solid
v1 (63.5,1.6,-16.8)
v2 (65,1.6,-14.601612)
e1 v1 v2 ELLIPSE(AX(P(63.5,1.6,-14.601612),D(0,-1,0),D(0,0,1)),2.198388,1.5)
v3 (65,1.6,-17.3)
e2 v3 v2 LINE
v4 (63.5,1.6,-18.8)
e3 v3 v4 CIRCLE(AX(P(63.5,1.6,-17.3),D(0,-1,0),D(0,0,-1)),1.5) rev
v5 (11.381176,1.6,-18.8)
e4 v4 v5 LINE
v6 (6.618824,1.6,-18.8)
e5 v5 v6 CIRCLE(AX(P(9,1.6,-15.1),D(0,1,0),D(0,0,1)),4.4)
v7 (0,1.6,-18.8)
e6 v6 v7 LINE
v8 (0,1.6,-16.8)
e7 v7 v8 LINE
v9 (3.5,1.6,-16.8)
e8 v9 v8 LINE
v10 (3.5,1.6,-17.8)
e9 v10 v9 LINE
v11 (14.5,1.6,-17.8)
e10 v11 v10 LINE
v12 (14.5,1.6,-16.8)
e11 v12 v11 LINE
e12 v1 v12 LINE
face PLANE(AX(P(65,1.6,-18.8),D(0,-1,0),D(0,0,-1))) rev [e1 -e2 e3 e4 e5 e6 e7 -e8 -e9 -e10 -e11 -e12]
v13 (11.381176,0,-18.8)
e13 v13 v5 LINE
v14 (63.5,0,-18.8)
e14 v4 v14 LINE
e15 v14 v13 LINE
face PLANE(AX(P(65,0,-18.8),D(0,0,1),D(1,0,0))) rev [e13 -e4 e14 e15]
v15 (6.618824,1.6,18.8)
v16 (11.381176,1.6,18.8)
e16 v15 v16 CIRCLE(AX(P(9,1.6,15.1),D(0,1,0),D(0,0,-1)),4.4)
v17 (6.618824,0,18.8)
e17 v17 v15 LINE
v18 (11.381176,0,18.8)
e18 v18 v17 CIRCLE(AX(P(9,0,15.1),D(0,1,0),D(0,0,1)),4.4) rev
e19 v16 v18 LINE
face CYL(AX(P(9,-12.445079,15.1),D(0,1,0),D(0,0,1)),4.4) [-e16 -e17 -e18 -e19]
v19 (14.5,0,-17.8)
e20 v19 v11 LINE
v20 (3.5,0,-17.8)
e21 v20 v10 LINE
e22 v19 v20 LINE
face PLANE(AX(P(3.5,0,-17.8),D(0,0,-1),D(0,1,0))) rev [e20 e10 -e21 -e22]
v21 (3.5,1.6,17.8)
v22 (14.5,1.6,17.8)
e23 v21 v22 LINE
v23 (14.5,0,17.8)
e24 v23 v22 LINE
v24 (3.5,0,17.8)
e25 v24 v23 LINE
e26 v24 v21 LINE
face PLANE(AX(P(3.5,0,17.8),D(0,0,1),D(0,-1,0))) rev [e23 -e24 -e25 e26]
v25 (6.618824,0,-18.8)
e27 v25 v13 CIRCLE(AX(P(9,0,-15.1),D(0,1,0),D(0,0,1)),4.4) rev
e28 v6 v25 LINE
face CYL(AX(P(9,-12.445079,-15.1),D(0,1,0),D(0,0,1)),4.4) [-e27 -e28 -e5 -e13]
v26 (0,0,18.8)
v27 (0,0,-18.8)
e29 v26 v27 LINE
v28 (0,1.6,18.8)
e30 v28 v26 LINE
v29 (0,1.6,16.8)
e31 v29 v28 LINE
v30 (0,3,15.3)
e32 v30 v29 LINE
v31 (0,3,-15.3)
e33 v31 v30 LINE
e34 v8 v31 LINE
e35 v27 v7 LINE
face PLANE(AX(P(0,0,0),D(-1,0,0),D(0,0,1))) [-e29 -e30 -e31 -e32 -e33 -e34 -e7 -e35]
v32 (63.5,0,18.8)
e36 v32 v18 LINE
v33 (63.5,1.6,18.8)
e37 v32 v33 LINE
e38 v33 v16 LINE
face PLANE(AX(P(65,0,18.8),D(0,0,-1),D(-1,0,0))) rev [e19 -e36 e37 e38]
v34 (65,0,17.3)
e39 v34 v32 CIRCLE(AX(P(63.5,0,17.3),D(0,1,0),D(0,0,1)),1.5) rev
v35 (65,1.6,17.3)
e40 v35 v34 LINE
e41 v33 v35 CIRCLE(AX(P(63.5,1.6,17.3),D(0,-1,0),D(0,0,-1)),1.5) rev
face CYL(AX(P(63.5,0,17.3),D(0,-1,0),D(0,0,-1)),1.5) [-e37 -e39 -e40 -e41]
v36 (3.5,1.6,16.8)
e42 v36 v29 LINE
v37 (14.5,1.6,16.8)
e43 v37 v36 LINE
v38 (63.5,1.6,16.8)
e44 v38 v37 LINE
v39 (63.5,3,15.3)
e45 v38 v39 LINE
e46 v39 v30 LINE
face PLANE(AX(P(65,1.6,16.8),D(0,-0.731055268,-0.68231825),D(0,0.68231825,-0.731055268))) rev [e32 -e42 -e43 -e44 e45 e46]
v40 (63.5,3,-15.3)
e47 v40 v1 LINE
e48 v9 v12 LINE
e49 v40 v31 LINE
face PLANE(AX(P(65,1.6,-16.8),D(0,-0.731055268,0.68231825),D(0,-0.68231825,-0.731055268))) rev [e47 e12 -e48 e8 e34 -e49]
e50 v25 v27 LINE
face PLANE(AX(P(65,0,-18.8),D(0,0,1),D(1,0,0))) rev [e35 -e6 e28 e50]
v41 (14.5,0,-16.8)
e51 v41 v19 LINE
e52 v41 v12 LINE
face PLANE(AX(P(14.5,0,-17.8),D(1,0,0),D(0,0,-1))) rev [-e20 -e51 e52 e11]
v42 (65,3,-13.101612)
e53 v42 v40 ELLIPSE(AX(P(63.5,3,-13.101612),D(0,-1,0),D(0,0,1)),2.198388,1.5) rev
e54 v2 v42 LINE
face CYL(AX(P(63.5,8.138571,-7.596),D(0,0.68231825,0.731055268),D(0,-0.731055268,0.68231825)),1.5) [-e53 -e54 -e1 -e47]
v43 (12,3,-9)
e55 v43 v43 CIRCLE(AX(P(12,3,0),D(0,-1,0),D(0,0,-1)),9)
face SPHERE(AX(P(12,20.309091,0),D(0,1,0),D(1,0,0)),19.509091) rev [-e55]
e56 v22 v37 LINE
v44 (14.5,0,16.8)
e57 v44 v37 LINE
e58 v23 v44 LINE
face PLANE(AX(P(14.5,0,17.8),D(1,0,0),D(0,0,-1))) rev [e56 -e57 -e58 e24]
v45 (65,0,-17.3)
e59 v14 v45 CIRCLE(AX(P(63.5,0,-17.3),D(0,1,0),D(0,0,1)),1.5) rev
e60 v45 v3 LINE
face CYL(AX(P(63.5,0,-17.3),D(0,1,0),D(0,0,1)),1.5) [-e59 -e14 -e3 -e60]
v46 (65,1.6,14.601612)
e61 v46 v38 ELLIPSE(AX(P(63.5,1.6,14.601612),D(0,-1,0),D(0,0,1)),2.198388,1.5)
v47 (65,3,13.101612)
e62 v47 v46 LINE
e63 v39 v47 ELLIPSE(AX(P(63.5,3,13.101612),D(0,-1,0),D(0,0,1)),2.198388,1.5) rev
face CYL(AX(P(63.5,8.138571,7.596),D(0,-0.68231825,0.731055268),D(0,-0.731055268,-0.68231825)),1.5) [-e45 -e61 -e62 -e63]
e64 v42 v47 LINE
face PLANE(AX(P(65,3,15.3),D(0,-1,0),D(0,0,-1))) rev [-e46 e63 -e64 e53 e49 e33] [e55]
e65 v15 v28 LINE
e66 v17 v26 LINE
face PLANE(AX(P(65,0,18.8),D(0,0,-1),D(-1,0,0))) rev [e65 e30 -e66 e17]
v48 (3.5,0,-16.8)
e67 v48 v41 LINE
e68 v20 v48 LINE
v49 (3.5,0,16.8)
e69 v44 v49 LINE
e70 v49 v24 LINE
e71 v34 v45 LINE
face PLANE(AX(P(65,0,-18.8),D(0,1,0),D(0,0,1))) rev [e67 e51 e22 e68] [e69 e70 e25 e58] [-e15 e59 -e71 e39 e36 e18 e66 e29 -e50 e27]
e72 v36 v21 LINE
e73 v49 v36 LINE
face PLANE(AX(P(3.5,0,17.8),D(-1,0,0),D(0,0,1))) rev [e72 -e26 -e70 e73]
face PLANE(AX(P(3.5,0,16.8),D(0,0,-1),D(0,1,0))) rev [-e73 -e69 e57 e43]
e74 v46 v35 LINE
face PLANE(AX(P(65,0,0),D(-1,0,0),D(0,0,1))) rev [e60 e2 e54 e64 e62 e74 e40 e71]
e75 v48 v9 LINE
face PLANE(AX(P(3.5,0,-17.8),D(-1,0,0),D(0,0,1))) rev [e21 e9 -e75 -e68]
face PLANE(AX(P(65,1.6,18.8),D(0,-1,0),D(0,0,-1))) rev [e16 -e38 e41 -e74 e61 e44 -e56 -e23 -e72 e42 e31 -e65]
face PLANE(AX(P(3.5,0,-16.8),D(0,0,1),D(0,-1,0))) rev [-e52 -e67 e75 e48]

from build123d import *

# Parameters (mm, degrees)
BOSS_EXTRUDE1_DEPTH      = 65
SKETCH2_R                = 4.4
BOSS_EXTRUDE_LATCH_DEPTH = 1.6
SKETCH3_W                = 11
SKETCH3_H                = 1
CUT_EXTRUDE1_DEPTH       = 68.880851497
FILLET1_R                = 1.5


with BuildPart() as part:
    # Sketch1 → Boss-Extrude1 (new body)
    with BuildSketch(Plane(origin=(0, 0, 0), x_dir=(0, 0, -1), z_dir=(1, 0, 0))):
        Polygon((18.8, 0), (-18.8, 0), (-18.8, 1.6), (-16.8, 1.6), (-15.3, 3), (15.3, 3), (16.8, 1.6), (18.8, 1.6), align=None)
    extrude(amount=BOSS_EXTRUDE1_DEPTH)

    # Sketch2 → Boss-Extrude-Latch (add)
    with BuildSketch(Plane(origin=(0, 1.6, 0), x_dir=(1, 0, 0), z_dir=(0, 1, 0))):
        with Locations((9, 15.1)):
            Circle(SKETCH2_R)
        with Locations((9, -15.1)):
            Circle(SKETCH2_R)
    extrude(amount=-BOSS_EXTRUDE_LATCH_DEPTH)

    # Sketch3 → Cut-Extrude1 (cut, through all)
    with BuildSketch(Plane(origin=(0, 1.6, 0), x_dir=(1, 0, 0), z_dir=(0, 1, 0))):
        with Locations((9, 17.3)):
            Rectangle(SKETCH3_W, SKETCH3_H)
        with Locations((9, -17.3)):
            Rectangle(SKETCH3_W, SKETCH3_H)
    extrude(amount=-CUT_EXTRUDE1_DEPTH, mode=Mode.SUBTRACT)

    # Sketch4 → Cut-Revolve1 (revolve, cut)
    with BuildSketch(Plane.XY):
        with BuildLine():
            Line((12, 39.818181818), (12, 0.8))
            ThreePointArc((12, 0.8), (-7.509090909, 20.309090909), (12, 39.818181818))
        make_face()
    revolve(axis=Axis((12, 39.818181818, 0), (0, -1, 0)), mode=Mode.SUBTRACT)

    # Fillet1
    fillet1_edges = [part.edges().sort_by_distance(p)[0] for p in [
        (65, 0.8, -18.8),
        (65, 2.3, -16.05),
        (65, 2.3, 16.05),
        (65, 0.8, 18.8),
    ]]
    fillet(fillet1_edges, radius=FILLET1_R)


solid = part.part
